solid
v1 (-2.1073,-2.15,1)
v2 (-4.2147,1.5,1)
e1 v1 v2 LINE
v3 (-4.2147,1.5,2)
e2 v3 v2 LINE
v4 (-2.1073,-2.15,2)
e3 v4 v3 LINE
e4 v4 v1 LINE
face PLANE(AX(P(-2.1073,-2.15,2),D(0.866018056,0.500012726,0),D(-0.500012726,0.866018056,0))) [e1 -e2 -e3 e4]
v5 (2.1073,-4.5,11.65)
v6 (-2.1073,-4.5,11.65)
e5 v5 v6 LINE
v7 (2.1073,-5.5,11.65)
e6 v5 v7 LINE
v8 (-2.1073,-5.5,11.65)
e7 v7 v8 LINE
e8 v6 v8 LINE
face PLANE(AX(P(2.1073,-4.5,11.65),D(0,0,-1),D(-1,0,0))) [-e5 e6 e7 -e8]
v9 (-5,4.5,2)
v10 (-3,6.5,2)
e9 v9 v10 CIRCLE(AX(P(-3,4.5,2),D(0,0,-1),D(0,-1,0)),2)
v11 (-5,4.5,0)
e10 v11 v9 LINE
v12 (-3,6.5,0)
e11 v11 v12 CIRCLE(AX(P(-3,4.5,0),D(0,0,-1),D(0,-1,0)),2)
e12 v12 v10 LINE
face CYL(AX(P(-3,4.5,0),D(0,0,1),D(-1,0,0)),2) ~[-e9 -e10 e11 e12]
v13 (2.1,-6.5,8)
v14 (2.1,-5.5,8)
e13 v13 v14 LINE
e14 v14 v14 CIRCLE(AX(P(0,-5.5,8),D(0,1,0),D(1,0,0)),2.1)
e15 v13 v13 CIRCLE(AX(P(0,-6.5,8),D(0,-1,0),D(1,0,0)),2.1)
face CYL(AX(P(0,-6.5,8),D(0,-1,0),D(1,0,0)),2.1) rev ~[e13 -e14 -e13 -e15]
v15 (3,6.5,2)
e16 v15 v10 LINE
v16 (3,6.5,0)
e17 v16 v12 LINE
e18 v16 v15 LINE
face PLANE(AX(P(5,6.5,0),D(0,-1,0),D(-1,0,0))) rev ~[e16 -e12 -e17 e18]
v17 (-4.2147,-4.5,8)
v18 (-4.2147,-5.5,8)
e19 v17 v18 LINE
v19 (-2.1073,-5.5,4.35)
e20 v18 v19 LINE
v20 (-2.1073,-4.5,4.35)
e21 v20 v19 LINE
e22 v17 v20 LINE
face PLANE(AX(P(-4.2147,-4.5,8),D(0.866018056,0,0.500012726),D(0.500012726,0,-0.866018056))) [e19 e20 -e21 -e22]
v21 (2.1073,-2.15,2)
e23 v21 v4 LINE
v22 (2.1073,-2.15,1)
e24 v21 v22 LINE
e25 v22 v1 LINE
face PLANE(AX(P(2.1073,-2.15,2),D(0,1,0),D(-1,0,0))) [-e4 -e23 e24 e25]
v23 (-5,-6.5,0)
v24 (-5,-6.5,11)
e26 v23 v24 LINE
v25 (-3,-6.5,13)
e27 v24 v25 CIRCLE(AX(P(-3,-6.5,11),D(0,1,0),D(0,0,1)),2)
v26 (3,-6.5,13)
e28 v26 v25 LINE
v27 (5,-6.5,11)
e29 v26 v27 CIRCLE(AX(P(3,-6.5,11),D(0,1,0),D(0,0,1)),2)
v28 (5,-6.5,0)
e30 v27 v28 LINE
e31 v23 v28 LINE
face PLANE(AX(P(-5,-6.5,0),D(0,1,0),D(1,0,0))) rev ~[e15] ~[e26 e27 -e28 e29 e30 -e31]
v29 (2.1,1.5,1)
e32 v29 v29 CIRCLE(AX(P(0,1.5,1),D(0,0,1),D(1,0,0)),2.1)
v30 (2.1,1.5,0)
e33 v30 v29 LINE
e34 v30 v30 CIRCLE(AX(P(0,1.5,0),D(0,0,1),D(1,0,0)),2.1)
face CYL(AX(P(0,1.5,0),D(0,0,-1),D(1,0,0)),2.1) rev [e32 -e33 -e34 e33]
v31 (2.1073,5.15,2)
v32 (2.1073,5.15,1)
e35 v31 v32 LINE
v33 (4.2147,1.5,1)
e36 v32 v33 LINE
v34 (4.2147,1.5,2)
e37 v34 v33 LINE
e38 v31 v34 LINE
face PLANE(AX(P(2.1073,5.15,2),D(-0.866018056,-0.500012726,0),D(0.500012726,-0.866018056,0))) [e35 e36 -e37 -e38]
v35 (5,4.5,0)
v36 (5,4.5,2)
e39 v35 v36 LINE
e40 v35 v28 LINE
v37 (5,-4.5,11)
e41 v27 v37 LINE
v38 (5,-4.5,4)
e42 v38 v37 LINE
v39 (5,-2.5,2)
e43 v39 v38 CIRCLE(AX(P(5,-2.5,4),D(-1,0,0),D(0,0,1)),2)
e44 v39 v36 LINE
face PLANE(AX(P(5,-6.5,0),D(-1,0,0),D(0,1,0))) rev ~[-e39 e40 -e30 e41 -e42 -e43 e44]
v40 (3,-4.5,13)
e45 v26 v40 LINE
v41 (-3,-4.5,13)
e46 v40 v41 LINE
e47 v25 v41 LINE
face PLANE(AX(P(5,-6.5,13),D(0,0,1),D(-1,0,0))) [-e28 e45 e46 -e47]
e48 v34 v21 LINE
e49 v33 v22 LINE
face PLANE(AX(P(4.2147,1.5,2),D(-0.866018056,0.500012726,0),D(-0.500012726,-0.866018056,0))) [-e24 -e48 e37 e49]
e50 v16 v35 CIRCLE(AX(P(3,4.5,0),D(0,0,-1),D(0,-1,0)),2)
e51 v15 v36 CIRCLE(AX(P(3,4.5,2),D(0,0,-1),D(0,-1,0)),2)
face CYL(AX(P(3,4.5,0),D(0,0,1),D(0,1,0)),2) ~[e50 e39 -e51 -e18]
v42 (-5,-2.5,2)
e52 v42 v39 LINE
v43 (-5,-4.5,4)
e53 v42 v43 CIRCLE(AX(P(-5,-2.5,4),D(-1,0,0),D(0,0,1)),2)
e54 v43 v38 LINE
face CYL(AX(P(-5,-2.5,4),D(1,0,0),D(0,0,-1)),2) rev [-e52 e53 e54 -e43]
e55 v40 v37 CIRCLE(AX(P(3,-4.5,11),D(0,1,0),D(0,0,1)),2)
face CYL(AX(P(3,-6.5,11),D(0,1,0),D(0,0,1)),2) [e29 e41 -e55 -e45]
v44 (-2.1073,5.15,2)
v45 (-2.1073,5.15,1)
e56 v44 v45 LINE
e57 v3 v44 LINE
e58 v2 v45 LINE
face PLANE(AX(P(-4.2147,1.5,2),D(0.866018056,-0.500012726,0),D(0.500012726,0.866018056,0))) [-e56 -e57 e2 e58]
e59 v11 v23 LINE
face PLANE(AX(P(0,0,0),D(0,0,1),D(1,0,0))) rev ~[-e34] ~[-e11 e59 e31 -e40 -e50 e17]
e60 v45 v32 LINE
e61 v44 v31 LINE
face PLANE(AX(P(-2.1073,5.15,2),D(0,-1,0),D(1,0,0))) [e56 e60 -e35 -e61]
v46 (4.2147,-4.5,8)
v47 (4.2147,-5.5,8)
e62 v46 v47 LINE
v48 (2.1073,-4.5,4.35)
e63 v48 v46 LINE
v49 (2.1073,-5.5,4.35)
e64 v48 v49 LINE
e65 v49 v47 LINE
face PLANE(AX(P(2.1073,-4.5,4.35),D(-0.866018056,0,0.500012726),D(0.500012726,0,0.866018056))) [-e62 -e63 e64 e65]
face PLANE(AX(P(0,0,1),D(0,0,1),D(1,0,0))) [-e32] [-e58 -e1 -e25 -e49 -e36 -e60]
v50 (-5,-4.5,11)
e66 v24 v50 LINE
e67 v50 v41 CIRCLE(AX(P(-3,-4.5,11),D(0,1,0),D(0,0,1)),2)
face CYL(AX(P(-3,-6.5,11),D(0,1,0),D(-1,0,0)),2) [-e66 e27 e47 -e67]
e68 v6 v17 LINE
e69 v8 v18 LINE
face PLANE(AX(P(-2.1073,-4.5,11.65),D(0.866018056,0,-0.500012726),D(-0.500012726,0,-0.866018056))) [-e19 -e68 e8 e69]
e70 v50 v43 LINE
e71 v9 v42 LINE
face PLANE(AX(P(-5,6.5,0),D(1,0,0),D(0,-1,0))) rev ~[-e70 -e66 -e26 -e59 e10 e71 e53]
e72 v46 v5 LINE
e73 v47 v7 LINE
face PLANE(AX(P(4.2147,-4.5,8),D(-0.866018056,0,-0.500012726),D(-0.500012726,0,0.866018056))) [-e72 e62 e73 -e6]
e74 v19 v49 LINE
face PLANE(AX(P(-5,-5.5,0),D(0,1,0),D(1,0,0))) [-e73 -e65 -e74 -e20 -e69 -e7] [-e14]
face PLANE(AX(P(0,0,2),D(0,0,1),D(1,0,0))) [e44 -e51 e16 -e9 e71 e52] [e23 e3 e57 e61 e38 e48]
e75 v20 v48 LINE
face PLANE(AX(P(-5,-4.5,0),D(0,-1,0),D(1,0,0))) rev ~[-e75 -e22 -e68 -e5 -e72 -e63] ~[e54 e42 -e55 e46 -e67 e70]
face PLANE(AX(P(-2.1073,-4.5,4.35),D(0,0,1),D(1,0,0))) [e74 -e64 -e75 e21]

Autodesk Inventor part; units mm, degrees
ref_plane "YZ Plane" through (0, 0, 0) normal (1, 0, 0) x (0, 1, 0)
ref_plane "XZ Plane" through (0, 0, 0) normal (0, 1, 0) x (-1, 0, 0)
ref_plane "XY Plane" through (0, 0, 0) normal (0, 0, 1) x (1, 0, 0)
sketch "Sketch1" plane through (0, 0, 0) normal (0, 0, 1) x (1, 0, 0)
  line L0 (-5, -6.5) -> (5, -6.5)
  line L1 (5, -6.5) -> (5, 6.5)
  line L2 (5, 6.5) -> (-5, 6.5)
  line L3 (-5, 6.5) -> (-5, -6.5)
  line L4 (-5, -6.5) -> (5, 6.5) construction
  line L5 (5, -6.5) -> (-5, 6.5) construction
  circle A0 centre (0, 1.5) radius 2.1
  point P0 (0, 0)
  dimension "d0" = 10
  dimension "d1" = 13
  dimension "d2" = 4.2
  dimension "d3" = 5
  dimension "d4" = 5
extrude "Extrusion1" add sketch "Sketch1" along normal blind 2
sketch "Sketch2" plane through (-5, -6.5, 0) normal (0, -1, 0) x (1, 0, 0)
  line L0 (0, 0) -> (10, 0)
  line L1 (10, 0) -> (10, 13)
  line L2 (10, 13) -> (0, 13)
  line L3 (0, 13) -> (0, 0)
  circle A0 centre (5, 8) radius 2.1
  point P0 (5, 0)
  dimension "d7" = 10
  dimension "d8" = 13
  dimension "d9" = 5
  dimension "d10" = 13
  dimension "d11" = 4.2
  dimension "d12" = 5
  dimension "d13" = 5
extrude "Extrusion2" add sketch "Sketch2" against normal blind 2
sketch "Sketch3" plane through (-5, -4.5, 0) normal (0, 1, 0) x (1, 0, 0)
  circle A0 centre (5, -8) radius 2.1 projected
  line L0 (9.2147, -8) -> (7.1073, -11.65)
  line L1 (7.1073, -11.65) -> (2.8927, -11.65)
  line L2 (2.8927, -11.65) -> (0.7853, -8)
  line L3 (0.7853, -8) -> (2.8927, -4.35)
  line L4 (2.8927, -4.35) -> (7.1073, -4.35)
  line L5 (7.1073, -4.35) -> (9.2147, -8)
  point P0 (5, 0)
  dimension "d16" = 7.3
extrude "Extrusion3" cut sketch "Sketch3" against normal blind 1
sketch "Sketch4" plane through (0, 0, 2) normal (0, 0, 1) x (1, 0, 0)
  circle A0 centre (0, 1.5) radius 2.1 projected
  line L0 (4.2147, 1.5) -> (2.1073, -2.15)
  line L1 (2.1073, -2.15) -> (-2.1073, -2.15)
  line L2 (-2.1073, -2.15) -> (-4.2147, 1.5)
  line L3 (-4.2147, 1.5) -> (-2.1073, 5.15)
  line L4 (-2.1073, 5.15) -> (2.1073, 5.15)
  line L5 (2.1073, 5.15) -> (4.2147, 1.5)
  point P0 (0, 0)
  dimension "d19" = 7.3
extrude "Extrusion4" cut sketch "Sketch4" against normal blind 1
fillet "Fillet1" radius 2 4 edges at (-5, 6.5, 1) (5, 6.5, 1) (5, -5.5, 13) (-5, -5.5, 13)
fillet "Fillet2" radius 2 1 edges at (0, -4.5, 2)
properties part number "24 bevestigings hoekjes 2 kanten"
